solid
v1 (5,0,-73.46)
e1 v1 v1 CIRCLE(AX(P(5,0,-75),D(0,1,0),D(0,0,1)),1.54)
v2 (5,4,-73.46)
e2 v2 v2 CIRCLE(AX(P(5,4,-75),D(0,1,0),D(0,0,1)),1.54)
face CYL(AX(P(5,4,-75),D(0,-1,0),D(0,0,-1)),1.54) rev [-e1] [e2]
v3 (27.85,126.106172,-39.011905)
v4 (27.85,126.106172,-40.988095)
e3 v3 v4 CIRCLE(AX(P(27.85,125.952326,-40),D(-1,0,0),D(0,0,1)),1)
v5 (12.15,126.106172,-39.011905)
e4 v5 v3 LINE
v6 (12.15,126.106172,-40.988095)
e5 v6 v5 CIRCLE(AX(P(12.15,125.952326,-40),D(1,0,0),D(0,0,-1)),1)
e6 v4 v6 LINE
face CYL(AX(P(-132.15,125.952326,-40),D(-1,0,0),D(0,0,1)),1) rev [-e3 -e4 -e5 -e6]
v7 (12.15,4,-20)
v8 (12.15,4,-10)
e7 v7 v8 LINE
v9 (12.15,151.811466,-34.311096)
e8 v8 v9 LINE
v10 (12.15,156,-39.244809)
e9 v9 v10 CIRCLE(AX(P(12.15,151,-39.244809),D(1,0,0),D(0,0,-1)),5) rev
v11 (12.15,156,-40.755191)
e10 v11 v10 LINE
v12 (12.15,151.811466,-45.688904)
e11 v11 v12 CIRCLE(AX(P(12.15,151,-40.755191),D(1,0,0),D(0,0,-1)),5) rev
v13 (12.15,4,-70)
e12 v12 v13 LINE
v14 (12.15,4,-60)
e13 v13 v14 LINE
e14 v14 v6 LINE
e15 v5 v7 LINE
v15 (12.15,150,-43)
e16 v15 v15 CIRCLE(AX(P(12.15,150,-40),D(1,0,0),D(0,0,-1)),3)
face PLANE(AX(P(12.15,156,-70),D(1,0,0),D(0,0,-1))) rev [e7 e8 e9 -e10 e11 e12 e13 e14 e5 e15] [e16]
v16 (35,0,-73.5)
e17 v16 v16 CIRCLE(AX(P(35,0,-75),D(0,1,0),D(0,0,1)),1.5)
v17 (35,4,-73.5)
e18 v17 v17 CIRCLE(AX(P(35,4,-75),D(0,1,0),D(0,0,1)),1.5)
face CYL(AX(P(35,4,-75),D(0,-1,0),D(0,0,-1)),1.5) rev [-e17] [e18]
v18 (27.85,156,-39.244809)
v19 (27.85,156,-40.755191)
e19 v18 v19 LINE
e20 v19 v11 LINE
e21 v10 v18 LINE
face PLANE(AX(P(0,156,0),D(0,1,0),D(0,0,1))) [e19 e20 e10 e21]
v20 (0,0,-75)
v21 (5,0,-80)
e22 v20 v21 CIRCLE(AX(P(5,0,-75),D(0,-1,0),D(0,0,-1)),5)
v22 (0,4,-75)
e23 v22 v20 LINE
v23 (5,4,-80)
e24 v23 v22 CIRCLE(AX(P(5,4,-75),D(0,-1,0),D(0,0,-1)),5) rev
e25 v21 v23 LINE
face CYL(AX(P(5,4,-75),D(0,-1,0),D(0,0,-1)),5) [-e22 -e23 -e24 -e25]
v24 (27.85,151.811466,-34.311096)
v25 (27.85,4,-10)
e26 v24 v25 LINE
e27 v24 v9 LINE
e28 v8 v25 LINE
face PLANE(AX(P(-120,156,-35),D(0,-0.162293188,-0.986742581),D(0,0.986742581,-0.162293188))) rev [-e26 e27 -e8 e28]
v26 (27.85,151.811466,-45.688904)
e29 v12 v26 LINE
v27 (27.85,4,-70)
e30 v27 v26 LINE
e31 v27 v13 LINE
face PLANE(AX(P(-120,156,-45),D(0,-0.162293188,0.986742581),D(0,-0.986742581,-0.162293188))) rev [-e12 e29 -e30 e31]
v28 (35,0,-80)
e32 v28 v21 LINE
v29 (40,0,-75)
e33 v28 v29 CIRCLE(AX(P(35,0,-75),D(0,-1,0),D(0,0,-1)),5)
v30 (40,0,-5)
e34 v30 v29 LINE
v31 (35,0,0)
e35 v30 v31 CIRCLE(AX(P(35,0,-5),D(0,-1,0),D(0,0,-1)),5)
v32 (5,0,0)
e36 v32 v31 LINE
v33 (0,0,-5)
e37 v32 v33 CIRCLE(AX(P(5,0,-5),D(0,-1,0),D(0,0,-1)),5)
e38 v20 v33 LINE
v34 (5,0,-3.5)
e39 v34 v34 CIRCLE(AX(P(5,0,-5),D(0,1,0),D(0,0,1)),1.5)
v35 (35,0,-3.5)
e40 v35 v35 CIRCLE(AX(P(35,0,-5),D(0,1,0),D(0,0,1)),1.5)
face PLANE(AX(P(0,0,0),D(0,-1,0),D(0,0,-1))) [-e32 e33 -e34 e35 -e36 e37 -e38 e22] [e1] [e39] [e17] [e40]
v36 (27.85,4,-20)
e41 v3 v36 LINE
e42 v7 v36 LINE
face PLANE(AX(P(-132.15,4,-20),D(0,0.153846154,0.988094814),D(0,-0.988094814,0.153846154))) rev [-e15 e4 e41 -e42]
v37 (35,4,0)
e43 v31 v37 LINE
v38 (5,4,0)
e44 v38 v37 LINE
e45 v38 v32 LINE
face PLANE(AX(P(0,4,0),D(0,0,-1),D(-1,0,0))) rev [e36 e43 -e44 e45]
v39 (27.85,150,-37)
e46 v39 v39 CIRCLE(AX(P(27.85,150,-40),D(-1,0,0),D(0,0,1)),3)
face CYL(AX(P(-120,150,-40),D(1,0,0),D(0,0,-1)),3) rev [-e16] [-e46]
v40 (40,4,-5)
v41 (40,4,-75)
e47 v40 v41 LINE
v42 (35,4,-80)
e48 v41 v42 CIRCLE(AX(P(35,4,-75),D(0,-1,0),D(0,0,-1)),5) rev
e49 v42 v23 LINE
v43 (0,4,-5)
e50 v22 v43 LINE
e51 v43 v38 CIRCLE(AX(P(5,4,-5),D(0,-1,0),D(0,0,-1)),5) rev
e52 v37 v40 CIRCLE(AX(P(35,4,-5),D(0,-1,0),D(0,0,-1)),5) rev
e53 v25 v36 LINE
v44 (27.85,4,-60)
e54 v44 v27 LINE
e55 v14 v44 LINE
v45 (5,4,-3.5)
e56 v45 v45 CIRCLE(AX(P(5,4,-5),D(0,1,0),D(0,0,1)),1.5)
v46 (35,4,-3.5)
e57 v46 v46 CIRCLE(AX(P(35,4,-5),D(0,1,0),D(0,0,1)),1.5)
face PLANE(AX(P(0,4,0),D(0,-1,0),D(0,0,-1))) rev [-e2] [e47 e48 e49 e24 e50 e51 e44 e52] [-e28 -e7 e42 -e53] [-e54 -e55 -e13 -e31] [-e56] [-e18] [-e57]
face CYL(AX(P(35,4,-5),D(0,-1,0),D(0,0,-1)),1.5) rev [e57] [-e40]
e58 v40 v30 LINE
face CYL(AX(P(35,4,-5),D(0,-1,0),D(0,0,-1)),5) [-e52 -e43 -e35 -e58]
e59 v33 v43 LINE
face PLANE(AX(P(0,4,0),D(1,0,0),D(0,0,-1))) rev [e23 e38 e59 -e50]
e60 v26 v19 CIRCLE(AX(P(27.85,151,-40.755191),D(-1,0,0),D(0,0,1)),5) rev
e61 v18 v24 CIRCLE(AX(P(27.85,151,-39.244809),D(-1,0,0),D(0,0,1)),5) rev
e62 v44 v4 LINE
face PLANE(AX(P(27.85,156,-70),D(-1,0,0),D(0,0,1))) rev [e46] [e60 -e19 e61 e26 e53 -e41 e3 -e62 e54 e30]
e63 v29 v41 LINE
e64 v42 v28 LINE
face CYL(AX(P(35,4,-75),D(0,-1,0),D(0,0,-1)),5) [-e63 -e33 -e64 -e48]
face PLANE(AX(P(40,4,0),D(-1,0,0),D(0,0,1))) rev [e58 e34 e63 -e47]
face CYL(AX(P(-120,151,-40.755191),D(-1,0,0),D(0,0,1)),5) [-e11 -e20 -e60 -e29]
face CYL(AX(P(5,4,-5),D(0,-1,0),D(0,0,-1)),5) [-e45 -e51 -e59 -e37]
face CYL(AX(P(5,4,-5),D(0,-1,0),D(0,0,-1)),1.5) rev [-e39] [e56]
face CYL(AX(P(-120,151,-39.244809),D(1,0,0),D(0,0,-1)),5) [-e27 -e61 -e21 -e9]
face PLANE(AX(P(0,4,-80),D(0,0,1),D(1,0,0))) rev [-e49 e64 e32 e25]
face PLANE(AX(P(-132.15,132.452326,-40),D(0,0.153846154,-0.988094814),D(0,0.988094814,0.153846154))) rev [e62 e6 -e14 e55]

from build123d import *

# Parameters (mm, degrees)
SKETCH1_W           = 40
SKETCH1_H           = 80
SKETCH1_R           = 1.54
SKETCH1_R_2         = 1.5
BOSS_EXTRUDE1_DEPTH = 4
FILLET1_R           = 5
SKETCH2_W           = 15.7
SKETCH2_H           = 60
BOSS_EXTRUDE2_DEPTH = 152
SKETCH3_R           = 3
CUT_EXTRUDE1_DEPTH  = 160
CUT_EXTRUDE2_DEPTH  = 160
FILLET2_R           = 5
CUT_EXTRUDE3_DEPTH  = 160
FILLET3_R           = 1


with BuildPart() as part:
    # Sketch1 → Boss-Extrude1 (new body)
    with BuildSketch(Plane(origin=(0, 0, 0), x_dir=(1, 0, 0), z_dir=(0, 1, 0))):
        with Locations((20, 40)):
            Rectangle(SKETCH1_W, SKETCH1_H)
        with Locations(Location((5, 75, 0), (0, 0, 270))):
            Circle(SKETCH1_R, mode=Mode.SUBTRACT)
        with Locations(Location((35, 75, 0), (0, 0, 270))):
            Circle(SKETCH1_R_2, mode=Mode.SUBTRACT)
        with Locations(Location((5, 5, 0), (0, 0, 270))):
            Circle(SKETCH1_R_2, mode=Mode.SUBTRACT)
        with Locations(Location((35, 5, 0), (0, 0, 270))):
            Circle(SKETCH1_R_2, mode=Mode.SUBTRACT)
    extrude(amount=BOSS_EXTRUDE1_DEPTH)

    # Fillet1
    fillet1_edges = [part.edges().sort_by_distance(p)[0] for p in [
        (0, 2, -80),
        (40, 2, -80),
        (40, 2, 0),
        (0, 2, 0),
    ]]
    fillet(fillet1_edges, radius=FILLET1_R)

    # Sketch2 → Boss-Extrude2 (add)
    with BuildSketch(Plane(origin=(0, 4, 0), x_dir=(1, 0, 0), z_dir=(0, 1, 0))):
        with Locations((20, 40)):
            Rectangle(SKETCH2_W, SKETCH2_H)
    extrude(amount=BOSS_EXTRUDE2_DEPTH)

    # Sketch3 → Cut-Extrude1 (cut)
    with BuildSketch(Plane(origin=(40, 0, 0), x_dir=(0, 0, -1), z_dir=(1, 0, 0))):
        with Locations((40, 150)):
            Circle(SKETCH3_R)
    extrude(amount=-CUT_EXTRUDE1_DEPTH, mode=Mode.SUBTRACT)

    # Sketch4 → Cut-Extrude2 (cut)
    with BuildSketch(Plane(origin=(40, 0, 0), x_dir=(0, 0, -1), z_dir=(1, 0, 0))):
        Polygon((35, 156), (10, 4), (10, 156), align=None)
        Polygon((45, 156), (70, 4), (70, 156), align=None)
    extrude(amount=-CUT_EXTRUDE2_DEPTH, mode=Mode.SUBTRACT)

    # Fillet2
    fillet2_edges = [part.edges().sort_by_distance(p)[0] for p in [
        (20, 156, -45),
        (20, 156, -35),
    ]]
    fillet(fillet2_edges, radius=FILLET2_R)

    # Sketch5 → Cut-Extrude3 (cut)
    with BuildSketch(Plane(origin=(27.85, 0, 0), x_dir=(0, 0, -1), z_dir=(1, 0, 0))):
        Polygon((20, 4), (40, 132.452325787), (60, 4), align=None)
    extrude(amount=-CUT_EXTRUDE3_DEPTH, mode=Mode.SUBTRACT)

    # Fillet3
    fillet3_edges = [part.edges().sort_by_distance(p)[0] for p in [
        (20, 132.452325787, -40),
    ]]
    fillet(fillet3_edges, radius=FILLET3_R)


solid = part.part
